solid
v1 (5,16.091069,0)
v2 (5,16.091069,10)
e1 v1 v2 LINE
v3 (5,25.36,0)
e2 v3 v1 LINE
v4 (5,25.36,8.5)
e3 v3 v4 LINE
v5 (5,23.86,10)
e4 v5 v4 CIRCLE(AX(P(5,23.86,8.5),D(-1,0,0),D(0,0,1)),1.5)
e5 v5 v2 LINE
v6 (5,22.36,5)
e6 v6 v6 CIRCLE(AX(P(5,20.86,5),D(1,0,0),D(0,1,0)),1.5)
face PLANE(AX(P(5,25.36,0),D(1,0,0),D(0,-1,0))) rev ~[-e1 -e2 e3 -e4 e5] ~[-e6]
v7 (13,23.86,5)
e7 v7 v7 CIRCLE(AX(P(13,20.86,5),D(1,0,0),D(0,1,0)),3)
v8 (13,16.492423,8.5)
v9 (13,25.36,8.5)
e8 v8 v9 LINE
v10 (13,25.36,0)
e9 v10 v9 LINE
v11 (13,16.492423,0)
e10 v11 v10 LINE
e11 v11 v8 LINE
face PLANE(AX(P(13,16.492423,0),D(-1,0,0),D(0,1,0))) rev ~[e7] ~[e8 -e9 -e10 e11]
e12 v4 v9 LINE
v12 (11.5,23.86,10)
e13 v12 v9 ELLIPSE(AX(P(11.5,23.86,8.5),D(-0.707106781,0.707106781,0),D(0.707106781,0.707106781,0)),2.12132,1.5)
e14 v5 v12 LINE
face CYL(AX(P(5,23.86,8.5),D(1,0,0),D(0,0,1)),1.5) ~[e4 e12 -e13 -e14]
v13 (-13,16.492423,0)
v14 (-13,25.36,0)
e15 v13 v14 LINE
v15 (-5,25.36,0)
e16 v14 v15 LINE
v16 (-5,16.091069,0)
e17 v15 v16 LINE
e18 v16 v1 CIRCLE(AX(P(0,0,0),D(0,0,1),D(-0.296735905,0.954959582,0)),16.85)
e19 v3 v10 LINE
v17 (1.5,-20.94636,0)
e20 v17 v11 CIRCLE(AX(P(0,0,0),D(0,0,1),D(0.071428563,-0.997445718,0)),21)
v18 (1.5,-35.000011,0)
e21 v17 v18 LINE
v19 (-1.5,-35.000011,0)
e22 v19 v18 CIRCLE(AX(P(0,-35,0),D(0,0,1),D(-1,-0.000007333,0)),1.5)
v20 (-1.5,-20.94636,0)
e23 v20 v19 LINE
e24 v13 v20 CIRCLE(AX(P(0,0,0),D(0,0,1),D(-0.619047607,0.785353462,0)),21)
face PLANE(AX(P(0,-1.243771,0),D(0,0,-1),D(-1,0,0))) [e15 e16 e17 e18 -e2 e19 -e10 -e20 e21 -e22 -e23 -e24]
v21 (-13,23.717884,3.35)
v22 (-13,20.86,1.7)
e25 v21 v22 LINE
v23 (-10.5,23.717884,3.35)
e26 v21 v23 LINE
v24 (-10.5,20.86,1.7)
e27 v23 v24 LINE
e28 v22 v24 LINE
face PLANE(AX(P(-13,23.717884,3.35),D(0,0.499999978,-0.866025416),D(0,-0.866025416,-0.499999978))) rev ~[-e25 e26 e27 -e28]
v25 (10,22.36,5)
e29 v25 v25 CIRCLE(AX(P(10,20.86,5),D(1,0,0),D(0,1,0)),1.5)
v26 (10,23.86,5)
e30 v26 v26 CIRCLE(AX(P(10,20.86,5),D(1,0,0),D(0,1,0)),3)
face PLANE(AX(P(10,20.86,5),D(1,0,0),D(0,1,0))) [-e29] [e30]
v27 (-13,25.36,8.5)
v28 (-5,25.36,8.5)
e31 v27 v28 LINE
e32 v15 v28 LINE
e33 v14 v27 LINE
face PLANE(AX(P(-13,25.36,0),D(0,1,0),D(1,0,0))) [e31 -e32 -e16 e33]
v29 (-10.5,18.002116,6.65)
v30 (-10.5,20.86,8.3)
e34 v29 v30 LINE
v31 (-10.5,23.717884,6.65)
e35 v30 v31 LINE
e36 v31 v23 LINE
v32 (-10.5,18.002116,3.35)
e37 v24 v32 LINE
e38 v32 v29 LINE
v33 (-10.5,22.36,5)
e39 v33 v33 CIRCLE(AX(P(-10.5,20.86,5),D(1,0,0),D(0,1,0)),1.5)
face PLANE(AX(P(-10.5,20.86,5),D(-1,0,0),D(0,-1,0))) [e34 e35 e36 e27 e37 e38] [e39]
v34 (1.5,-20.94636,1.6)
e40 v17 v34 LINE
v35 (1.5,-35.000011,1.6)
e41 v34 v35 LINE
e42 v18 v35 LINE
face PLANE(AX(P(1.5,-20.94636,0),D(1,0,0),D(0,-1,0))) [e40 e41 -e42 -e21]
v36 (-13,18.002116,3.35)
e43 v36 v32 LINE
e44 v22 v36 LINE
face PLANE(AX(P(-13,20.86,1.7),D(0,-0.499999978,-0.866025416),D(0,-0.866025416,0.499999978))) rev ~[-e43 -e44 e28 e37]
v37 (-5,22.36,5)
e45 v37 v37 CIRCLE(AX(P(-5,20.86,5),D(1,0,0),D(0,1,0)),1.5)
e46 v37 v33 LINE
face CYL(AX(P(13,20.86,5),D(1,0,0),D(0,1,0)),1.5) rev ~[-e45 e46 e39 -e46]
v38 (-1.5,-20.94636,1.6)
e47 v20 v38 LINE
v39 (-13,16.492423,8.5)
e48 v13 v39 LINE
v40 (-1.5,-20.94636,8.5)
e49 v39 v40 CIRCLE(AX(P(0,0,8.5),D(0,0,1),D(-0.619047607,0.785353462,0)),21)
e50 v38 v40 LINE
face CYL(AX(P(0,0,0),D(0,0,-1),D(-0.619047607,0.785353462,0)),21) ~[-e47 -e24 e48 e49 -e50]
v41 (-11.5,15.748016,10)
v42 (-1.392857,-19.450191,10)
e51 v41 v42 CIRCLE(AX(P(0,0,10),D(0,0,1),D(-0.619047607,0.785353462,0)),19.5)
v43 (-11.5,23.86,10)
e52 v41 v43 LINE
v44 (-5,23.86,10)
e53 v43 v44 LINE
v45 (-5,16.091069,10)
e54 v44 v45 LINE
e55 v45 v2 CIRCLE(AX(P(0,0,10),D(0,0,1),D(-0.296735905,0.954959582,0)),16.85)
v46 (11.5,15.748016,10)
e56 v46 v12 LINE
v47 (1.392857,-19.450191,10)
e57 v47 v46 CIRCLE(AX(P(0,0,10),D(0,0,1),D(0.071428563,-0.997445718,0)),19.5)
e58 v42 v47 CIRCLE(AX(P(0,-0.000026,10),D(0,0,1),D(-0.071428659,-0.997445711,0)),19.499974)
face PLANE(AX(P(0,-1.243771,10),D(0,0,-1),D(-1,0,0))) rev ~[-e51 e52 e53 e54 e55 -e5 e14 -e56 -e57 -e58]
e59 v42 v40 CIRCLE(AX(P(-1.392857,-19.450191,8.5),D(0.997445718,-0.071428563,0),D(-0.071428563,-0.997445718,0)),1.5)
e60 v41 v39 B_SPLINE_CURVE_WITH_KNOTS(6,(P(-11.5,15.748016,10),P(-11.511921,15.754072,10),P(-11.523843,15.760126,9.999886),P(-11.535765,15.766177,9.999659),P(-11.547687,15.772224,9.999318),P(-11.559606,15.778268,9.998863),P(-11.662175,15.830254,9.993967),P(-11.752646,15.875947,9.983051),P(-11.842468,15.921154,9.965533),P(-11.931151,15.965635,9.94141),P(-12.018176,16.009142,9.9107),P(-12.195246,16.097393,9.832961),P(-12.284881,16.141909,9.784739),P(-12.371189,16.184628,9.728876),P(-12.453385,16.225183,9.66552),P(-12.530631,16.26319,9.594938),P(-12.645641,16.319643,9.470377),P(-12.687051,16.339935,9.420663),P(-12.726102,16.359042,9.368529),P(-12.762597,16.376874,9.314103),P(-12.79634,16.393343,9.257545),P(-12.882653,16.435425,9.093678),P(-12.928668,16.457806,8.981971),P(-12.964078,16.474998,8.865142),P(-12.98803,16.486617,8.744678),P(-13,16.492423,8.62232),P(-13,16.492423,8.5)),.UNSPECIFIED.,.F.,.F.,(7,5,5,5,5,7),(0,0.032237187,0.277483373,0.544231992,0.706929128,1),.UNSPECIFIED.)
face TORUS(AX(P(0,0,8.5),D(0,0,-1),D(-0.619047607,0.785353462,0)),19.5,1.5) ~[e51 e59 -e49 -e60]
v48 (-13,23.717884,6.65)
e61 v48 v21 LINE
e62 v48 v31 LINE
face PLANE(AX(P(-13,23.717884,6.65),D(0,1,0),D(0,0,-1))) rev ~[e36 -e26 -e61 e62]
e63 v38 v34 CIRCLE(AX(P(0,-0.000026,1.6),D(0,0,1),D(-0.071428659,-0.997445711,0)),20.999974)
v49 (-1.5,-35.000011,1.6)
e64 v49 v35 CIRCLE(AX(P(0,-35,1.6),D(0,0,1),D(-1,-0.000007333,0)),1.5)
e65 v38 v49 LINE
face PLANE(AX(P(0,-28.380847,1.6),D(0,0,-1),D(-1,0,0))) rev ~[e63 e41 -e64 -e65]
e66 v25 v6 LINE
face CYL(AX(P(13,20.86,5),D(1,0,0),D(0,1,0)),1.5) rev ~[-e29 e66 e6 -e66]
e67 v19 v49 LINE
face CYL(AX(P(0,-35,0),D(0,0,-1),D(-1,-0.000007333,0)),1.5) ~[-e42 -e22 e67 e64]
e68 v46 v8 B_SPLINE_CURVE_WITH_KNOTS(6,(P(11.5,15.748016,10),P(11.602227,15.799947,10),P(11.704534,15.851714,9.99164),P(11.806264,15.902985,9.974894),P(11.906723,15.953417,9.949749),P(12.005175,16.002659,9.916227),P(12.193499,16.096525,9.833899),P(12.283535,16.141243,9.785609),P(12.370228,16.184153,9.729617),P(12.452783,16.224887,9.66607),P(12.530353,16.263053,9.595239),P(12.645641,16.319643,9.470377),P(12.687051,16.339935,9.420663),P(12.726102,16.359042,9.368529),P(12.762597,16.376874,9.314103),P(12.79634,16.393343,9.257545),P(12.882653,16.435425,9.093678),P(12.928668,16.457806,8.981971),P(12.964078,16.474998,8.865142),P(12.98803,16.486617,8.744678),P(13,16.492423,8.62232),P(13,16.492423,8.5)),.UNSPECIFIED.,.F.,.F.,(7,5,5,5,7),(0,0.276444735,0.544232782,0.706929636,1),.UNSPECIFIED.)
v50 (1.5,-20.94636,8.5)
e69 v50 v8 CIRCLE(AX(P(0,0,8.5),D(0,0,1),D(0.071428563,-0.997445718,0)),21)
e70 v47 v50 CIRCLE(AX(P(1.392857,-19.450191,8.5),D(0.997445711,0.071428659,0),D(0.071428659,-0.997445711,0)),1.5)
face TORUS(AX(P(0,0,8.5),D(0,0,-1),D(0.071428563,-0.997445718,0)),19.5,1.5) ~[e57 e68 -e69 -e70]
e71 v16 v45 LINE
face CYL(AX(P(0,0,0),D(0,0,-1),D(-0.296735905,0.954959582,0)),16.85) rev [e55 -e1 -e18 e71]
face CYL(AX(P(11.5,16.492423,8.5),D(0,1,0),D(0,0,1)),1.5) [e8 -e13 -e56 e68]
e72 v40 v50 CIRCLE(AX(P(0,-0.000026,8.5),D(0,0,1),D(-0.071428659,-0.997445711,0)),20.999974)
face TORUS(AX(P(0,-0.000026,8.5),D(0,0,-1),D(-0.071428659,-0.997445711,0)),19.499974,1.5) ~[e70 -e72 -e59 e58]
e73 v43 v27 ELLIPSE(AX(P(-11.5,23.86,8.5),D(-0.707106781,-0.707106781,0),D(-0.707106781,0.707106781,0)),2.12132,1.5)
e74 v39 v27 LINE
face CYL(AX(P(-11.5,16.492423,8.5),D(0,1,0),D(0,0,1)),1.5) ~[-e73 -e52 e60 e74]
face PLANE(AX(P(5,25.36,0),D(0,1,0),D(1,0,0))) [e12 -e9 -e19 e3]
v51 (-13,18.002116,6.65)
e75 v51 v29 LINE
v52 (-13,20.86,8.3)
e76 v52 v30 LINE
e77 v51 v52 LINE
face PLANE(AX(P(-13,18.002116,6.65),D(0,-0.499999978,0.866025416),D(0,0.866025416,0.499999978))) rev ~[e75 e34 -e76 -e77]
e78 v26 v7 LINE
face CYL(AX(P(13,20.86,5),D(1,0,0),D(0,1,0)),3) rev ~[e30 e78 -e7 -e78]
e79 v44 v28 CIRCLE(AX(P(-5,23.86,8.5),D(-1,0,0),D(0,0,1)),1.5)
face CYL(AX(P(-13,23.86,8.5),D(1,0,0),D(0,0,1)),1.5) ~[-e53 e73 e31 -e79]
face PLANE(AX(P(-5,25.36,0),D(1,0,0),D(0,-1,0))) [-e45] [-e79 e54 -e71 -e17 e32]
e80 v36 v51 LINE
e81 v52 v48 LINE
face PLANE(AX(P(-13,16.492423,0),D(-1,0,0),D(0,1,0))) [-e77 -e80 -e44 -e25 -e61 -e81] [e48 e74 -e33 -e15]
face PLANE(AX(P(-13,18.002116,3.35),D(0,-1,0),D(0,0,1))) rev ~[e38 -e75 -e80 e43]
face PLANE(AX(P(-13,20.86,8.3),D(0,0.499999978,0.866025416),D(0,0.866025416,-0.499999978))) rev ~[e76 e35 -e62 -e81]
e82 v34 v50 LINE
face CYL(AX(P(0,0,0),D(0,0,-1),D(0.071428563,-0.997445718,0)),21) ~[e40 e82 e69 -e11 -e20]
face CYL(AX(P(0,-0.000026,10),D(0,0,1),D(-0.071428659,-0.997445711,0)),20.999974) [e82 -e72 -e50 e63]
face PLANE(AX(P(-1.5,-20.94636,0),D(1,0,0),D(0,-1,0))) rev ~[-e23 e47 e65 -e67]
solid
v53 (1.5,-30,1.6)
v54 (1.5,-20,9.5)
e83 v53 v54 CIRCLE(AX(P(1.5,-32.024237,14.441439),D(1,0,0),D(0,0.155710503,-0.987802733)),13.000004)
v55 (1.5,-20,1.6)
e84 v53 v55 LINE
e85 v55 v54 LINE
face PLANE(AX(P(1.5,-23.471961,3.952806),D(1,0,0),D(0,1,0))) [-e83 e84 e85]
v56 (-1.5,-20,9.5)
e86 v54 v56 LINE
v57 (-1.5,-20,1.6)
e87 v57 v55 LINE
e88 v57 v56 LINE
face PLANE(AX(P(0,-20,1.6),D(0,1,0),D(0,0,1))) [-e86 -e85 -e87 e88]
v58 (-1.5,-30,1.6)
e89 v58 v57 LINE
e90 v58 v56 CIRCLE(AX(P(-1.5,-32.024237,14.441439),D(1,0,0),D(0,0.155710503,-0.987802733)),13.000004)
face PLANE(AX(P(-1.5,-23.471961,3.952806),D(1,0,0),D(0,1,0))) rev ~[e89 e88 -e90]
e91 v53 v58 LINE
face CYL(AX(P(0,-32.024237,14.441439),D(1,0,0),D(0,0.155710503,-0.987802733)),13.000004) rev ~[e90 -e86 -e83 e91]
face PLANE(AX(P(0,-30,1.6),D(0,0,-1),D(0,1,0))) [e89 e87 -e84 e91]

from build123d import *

# Parameters (mm, degrees)
PAD001_DEPTH    = 1.5
PAD_DEPTH       = 10
POCKET_DEPTH    = 8.4
SKETCH002_R     = 1.5
POCKET001_DEPTH = 34.001
SKETCH003_R     = 3
POCKET002_DEPTH = 3
POCKET003_DEPTH = 2.5
FILLET_R        = 1.5


with BuildPart() as pad001:
    # Sketch005 → Pad001 (new body, symmetric)
    with BuildSketch(Plane.YZ):
        with BuildLine():
            Line((-30, 1.6), (-20, 1.6))
            Line((-20, 1.6), (-20, 9.5))
            ThreePointArc((-30, 1.6), (-23.965552, 4.240572), (-20, 9.5))
        make_face()
    extrude(amount=PAD001_DEPTH, both=True)


with BuildPart() as fillet_body:
    # Sketch → Pad (new body)
    with BuildSketch(Plane.XY):
        with BuildLine():
            ThreePointArc((-5, 16.091069), (0, -16.85), (5, 16.091069))
            Line((5, 25.36), (5, 16.091069))
            Line((5, 25.36), (13, 25.36))
            Line((13, 16.492423), (13, 25.36))
            ThreePointArc((1.5, -20.94636), (20.074315, -6.166189), (13, 16.492423))
            Line((1.5, -20.94636), (1.5, -35.000011))
            ThreePointArc((-1.5, -35.000011), (0, -36.5), (1.5, -35.000011))
            Line((-1.5, -20.94636), (-1.5, -35.000011))
            ThreePointArc((-13, 16.492423), (-20.074315, -6.166189), (-1.5, -20.94636))
            Line((-13, 16.492423), (-13, 25.36))
            Line((-13, 25.36), (-5, 25.36))
            Line((-5, 25.36), (-5, 16.091069))
        make_face()
    extrude(amount=PAD_DEPTH)

    # Sketch001 → Pocket (cut)
    with BuildSketch(Plane.XY.offset(10)):
        with BuildLine():
            ThreePointArc((-1.5, -20.94636), (0, -21), (1.5, -20.94636))
            Line((1.5, -20.94636), (1.5, -35.000011))
            ThreePointArc((-1.5, -35.000011), (0, -36.5), (1.5, -35.000011))
            Line((-1.5, -20.94636), (-1.5, -35.000011))
        make_face()
    extrude(amount=-POCKET_DEPTH, mode=Mode.SUBTRACT)

    # Sketch002 → Pocket001 (cut, through all)
    with BuildSketch(Plane.YZ.offset(13)):
        with Locations((20.86, 5)):
            Circle(SKETCH002_R)
    extrude(amount=-POCKET001_DEPTH, mode=Mode.SUBTRACT)

    # Sketch003 → Pocket002 (cut, symmetric)
    with BuildSketch(Plane.YZ.offset(13)):
        with Locations((20.86, 5)):
            Circle(SKETCH003_R)
    extrude(amount=POCKET002_DEPTH, both=True, mode=Mode.SUBTRACT)

    # Sketch004 → Pocket003 (cut)
    with BuildSketch(Plane(origin=(-13, 0, 0), x_dir=(0, -1, 0), z_dir=(-1, 0, 0))):
        Polygon((-20.86, 8.3), (-23.717884, 6.65), (-23.717884, 3.35), (-20.86, 1.7), (-18.002116, 3.35), (-18.002116, 6.65), align=None)
    extrude(amount=-POCKET003_DEPTH, mode=Mode.SUBTRACT)

    # Fillet
    fillet_edges = [fillet_body.edges().sort_by_distance(p)[0] for p in [
        (-20.074315, -6.166189, 10),
        (-13, 20.926211, 10),
        (-9, 25.36, 10),
        (9, 25.36, 10),
        (13, 20.926211, 10),
        (20.074315, -6.166189, 10),
        (0, -21, 10),
    ]]
    fillet(fillet_edges, radius=FILLET_R)


solid = Compound([pad001.part, fillet_body.part])
